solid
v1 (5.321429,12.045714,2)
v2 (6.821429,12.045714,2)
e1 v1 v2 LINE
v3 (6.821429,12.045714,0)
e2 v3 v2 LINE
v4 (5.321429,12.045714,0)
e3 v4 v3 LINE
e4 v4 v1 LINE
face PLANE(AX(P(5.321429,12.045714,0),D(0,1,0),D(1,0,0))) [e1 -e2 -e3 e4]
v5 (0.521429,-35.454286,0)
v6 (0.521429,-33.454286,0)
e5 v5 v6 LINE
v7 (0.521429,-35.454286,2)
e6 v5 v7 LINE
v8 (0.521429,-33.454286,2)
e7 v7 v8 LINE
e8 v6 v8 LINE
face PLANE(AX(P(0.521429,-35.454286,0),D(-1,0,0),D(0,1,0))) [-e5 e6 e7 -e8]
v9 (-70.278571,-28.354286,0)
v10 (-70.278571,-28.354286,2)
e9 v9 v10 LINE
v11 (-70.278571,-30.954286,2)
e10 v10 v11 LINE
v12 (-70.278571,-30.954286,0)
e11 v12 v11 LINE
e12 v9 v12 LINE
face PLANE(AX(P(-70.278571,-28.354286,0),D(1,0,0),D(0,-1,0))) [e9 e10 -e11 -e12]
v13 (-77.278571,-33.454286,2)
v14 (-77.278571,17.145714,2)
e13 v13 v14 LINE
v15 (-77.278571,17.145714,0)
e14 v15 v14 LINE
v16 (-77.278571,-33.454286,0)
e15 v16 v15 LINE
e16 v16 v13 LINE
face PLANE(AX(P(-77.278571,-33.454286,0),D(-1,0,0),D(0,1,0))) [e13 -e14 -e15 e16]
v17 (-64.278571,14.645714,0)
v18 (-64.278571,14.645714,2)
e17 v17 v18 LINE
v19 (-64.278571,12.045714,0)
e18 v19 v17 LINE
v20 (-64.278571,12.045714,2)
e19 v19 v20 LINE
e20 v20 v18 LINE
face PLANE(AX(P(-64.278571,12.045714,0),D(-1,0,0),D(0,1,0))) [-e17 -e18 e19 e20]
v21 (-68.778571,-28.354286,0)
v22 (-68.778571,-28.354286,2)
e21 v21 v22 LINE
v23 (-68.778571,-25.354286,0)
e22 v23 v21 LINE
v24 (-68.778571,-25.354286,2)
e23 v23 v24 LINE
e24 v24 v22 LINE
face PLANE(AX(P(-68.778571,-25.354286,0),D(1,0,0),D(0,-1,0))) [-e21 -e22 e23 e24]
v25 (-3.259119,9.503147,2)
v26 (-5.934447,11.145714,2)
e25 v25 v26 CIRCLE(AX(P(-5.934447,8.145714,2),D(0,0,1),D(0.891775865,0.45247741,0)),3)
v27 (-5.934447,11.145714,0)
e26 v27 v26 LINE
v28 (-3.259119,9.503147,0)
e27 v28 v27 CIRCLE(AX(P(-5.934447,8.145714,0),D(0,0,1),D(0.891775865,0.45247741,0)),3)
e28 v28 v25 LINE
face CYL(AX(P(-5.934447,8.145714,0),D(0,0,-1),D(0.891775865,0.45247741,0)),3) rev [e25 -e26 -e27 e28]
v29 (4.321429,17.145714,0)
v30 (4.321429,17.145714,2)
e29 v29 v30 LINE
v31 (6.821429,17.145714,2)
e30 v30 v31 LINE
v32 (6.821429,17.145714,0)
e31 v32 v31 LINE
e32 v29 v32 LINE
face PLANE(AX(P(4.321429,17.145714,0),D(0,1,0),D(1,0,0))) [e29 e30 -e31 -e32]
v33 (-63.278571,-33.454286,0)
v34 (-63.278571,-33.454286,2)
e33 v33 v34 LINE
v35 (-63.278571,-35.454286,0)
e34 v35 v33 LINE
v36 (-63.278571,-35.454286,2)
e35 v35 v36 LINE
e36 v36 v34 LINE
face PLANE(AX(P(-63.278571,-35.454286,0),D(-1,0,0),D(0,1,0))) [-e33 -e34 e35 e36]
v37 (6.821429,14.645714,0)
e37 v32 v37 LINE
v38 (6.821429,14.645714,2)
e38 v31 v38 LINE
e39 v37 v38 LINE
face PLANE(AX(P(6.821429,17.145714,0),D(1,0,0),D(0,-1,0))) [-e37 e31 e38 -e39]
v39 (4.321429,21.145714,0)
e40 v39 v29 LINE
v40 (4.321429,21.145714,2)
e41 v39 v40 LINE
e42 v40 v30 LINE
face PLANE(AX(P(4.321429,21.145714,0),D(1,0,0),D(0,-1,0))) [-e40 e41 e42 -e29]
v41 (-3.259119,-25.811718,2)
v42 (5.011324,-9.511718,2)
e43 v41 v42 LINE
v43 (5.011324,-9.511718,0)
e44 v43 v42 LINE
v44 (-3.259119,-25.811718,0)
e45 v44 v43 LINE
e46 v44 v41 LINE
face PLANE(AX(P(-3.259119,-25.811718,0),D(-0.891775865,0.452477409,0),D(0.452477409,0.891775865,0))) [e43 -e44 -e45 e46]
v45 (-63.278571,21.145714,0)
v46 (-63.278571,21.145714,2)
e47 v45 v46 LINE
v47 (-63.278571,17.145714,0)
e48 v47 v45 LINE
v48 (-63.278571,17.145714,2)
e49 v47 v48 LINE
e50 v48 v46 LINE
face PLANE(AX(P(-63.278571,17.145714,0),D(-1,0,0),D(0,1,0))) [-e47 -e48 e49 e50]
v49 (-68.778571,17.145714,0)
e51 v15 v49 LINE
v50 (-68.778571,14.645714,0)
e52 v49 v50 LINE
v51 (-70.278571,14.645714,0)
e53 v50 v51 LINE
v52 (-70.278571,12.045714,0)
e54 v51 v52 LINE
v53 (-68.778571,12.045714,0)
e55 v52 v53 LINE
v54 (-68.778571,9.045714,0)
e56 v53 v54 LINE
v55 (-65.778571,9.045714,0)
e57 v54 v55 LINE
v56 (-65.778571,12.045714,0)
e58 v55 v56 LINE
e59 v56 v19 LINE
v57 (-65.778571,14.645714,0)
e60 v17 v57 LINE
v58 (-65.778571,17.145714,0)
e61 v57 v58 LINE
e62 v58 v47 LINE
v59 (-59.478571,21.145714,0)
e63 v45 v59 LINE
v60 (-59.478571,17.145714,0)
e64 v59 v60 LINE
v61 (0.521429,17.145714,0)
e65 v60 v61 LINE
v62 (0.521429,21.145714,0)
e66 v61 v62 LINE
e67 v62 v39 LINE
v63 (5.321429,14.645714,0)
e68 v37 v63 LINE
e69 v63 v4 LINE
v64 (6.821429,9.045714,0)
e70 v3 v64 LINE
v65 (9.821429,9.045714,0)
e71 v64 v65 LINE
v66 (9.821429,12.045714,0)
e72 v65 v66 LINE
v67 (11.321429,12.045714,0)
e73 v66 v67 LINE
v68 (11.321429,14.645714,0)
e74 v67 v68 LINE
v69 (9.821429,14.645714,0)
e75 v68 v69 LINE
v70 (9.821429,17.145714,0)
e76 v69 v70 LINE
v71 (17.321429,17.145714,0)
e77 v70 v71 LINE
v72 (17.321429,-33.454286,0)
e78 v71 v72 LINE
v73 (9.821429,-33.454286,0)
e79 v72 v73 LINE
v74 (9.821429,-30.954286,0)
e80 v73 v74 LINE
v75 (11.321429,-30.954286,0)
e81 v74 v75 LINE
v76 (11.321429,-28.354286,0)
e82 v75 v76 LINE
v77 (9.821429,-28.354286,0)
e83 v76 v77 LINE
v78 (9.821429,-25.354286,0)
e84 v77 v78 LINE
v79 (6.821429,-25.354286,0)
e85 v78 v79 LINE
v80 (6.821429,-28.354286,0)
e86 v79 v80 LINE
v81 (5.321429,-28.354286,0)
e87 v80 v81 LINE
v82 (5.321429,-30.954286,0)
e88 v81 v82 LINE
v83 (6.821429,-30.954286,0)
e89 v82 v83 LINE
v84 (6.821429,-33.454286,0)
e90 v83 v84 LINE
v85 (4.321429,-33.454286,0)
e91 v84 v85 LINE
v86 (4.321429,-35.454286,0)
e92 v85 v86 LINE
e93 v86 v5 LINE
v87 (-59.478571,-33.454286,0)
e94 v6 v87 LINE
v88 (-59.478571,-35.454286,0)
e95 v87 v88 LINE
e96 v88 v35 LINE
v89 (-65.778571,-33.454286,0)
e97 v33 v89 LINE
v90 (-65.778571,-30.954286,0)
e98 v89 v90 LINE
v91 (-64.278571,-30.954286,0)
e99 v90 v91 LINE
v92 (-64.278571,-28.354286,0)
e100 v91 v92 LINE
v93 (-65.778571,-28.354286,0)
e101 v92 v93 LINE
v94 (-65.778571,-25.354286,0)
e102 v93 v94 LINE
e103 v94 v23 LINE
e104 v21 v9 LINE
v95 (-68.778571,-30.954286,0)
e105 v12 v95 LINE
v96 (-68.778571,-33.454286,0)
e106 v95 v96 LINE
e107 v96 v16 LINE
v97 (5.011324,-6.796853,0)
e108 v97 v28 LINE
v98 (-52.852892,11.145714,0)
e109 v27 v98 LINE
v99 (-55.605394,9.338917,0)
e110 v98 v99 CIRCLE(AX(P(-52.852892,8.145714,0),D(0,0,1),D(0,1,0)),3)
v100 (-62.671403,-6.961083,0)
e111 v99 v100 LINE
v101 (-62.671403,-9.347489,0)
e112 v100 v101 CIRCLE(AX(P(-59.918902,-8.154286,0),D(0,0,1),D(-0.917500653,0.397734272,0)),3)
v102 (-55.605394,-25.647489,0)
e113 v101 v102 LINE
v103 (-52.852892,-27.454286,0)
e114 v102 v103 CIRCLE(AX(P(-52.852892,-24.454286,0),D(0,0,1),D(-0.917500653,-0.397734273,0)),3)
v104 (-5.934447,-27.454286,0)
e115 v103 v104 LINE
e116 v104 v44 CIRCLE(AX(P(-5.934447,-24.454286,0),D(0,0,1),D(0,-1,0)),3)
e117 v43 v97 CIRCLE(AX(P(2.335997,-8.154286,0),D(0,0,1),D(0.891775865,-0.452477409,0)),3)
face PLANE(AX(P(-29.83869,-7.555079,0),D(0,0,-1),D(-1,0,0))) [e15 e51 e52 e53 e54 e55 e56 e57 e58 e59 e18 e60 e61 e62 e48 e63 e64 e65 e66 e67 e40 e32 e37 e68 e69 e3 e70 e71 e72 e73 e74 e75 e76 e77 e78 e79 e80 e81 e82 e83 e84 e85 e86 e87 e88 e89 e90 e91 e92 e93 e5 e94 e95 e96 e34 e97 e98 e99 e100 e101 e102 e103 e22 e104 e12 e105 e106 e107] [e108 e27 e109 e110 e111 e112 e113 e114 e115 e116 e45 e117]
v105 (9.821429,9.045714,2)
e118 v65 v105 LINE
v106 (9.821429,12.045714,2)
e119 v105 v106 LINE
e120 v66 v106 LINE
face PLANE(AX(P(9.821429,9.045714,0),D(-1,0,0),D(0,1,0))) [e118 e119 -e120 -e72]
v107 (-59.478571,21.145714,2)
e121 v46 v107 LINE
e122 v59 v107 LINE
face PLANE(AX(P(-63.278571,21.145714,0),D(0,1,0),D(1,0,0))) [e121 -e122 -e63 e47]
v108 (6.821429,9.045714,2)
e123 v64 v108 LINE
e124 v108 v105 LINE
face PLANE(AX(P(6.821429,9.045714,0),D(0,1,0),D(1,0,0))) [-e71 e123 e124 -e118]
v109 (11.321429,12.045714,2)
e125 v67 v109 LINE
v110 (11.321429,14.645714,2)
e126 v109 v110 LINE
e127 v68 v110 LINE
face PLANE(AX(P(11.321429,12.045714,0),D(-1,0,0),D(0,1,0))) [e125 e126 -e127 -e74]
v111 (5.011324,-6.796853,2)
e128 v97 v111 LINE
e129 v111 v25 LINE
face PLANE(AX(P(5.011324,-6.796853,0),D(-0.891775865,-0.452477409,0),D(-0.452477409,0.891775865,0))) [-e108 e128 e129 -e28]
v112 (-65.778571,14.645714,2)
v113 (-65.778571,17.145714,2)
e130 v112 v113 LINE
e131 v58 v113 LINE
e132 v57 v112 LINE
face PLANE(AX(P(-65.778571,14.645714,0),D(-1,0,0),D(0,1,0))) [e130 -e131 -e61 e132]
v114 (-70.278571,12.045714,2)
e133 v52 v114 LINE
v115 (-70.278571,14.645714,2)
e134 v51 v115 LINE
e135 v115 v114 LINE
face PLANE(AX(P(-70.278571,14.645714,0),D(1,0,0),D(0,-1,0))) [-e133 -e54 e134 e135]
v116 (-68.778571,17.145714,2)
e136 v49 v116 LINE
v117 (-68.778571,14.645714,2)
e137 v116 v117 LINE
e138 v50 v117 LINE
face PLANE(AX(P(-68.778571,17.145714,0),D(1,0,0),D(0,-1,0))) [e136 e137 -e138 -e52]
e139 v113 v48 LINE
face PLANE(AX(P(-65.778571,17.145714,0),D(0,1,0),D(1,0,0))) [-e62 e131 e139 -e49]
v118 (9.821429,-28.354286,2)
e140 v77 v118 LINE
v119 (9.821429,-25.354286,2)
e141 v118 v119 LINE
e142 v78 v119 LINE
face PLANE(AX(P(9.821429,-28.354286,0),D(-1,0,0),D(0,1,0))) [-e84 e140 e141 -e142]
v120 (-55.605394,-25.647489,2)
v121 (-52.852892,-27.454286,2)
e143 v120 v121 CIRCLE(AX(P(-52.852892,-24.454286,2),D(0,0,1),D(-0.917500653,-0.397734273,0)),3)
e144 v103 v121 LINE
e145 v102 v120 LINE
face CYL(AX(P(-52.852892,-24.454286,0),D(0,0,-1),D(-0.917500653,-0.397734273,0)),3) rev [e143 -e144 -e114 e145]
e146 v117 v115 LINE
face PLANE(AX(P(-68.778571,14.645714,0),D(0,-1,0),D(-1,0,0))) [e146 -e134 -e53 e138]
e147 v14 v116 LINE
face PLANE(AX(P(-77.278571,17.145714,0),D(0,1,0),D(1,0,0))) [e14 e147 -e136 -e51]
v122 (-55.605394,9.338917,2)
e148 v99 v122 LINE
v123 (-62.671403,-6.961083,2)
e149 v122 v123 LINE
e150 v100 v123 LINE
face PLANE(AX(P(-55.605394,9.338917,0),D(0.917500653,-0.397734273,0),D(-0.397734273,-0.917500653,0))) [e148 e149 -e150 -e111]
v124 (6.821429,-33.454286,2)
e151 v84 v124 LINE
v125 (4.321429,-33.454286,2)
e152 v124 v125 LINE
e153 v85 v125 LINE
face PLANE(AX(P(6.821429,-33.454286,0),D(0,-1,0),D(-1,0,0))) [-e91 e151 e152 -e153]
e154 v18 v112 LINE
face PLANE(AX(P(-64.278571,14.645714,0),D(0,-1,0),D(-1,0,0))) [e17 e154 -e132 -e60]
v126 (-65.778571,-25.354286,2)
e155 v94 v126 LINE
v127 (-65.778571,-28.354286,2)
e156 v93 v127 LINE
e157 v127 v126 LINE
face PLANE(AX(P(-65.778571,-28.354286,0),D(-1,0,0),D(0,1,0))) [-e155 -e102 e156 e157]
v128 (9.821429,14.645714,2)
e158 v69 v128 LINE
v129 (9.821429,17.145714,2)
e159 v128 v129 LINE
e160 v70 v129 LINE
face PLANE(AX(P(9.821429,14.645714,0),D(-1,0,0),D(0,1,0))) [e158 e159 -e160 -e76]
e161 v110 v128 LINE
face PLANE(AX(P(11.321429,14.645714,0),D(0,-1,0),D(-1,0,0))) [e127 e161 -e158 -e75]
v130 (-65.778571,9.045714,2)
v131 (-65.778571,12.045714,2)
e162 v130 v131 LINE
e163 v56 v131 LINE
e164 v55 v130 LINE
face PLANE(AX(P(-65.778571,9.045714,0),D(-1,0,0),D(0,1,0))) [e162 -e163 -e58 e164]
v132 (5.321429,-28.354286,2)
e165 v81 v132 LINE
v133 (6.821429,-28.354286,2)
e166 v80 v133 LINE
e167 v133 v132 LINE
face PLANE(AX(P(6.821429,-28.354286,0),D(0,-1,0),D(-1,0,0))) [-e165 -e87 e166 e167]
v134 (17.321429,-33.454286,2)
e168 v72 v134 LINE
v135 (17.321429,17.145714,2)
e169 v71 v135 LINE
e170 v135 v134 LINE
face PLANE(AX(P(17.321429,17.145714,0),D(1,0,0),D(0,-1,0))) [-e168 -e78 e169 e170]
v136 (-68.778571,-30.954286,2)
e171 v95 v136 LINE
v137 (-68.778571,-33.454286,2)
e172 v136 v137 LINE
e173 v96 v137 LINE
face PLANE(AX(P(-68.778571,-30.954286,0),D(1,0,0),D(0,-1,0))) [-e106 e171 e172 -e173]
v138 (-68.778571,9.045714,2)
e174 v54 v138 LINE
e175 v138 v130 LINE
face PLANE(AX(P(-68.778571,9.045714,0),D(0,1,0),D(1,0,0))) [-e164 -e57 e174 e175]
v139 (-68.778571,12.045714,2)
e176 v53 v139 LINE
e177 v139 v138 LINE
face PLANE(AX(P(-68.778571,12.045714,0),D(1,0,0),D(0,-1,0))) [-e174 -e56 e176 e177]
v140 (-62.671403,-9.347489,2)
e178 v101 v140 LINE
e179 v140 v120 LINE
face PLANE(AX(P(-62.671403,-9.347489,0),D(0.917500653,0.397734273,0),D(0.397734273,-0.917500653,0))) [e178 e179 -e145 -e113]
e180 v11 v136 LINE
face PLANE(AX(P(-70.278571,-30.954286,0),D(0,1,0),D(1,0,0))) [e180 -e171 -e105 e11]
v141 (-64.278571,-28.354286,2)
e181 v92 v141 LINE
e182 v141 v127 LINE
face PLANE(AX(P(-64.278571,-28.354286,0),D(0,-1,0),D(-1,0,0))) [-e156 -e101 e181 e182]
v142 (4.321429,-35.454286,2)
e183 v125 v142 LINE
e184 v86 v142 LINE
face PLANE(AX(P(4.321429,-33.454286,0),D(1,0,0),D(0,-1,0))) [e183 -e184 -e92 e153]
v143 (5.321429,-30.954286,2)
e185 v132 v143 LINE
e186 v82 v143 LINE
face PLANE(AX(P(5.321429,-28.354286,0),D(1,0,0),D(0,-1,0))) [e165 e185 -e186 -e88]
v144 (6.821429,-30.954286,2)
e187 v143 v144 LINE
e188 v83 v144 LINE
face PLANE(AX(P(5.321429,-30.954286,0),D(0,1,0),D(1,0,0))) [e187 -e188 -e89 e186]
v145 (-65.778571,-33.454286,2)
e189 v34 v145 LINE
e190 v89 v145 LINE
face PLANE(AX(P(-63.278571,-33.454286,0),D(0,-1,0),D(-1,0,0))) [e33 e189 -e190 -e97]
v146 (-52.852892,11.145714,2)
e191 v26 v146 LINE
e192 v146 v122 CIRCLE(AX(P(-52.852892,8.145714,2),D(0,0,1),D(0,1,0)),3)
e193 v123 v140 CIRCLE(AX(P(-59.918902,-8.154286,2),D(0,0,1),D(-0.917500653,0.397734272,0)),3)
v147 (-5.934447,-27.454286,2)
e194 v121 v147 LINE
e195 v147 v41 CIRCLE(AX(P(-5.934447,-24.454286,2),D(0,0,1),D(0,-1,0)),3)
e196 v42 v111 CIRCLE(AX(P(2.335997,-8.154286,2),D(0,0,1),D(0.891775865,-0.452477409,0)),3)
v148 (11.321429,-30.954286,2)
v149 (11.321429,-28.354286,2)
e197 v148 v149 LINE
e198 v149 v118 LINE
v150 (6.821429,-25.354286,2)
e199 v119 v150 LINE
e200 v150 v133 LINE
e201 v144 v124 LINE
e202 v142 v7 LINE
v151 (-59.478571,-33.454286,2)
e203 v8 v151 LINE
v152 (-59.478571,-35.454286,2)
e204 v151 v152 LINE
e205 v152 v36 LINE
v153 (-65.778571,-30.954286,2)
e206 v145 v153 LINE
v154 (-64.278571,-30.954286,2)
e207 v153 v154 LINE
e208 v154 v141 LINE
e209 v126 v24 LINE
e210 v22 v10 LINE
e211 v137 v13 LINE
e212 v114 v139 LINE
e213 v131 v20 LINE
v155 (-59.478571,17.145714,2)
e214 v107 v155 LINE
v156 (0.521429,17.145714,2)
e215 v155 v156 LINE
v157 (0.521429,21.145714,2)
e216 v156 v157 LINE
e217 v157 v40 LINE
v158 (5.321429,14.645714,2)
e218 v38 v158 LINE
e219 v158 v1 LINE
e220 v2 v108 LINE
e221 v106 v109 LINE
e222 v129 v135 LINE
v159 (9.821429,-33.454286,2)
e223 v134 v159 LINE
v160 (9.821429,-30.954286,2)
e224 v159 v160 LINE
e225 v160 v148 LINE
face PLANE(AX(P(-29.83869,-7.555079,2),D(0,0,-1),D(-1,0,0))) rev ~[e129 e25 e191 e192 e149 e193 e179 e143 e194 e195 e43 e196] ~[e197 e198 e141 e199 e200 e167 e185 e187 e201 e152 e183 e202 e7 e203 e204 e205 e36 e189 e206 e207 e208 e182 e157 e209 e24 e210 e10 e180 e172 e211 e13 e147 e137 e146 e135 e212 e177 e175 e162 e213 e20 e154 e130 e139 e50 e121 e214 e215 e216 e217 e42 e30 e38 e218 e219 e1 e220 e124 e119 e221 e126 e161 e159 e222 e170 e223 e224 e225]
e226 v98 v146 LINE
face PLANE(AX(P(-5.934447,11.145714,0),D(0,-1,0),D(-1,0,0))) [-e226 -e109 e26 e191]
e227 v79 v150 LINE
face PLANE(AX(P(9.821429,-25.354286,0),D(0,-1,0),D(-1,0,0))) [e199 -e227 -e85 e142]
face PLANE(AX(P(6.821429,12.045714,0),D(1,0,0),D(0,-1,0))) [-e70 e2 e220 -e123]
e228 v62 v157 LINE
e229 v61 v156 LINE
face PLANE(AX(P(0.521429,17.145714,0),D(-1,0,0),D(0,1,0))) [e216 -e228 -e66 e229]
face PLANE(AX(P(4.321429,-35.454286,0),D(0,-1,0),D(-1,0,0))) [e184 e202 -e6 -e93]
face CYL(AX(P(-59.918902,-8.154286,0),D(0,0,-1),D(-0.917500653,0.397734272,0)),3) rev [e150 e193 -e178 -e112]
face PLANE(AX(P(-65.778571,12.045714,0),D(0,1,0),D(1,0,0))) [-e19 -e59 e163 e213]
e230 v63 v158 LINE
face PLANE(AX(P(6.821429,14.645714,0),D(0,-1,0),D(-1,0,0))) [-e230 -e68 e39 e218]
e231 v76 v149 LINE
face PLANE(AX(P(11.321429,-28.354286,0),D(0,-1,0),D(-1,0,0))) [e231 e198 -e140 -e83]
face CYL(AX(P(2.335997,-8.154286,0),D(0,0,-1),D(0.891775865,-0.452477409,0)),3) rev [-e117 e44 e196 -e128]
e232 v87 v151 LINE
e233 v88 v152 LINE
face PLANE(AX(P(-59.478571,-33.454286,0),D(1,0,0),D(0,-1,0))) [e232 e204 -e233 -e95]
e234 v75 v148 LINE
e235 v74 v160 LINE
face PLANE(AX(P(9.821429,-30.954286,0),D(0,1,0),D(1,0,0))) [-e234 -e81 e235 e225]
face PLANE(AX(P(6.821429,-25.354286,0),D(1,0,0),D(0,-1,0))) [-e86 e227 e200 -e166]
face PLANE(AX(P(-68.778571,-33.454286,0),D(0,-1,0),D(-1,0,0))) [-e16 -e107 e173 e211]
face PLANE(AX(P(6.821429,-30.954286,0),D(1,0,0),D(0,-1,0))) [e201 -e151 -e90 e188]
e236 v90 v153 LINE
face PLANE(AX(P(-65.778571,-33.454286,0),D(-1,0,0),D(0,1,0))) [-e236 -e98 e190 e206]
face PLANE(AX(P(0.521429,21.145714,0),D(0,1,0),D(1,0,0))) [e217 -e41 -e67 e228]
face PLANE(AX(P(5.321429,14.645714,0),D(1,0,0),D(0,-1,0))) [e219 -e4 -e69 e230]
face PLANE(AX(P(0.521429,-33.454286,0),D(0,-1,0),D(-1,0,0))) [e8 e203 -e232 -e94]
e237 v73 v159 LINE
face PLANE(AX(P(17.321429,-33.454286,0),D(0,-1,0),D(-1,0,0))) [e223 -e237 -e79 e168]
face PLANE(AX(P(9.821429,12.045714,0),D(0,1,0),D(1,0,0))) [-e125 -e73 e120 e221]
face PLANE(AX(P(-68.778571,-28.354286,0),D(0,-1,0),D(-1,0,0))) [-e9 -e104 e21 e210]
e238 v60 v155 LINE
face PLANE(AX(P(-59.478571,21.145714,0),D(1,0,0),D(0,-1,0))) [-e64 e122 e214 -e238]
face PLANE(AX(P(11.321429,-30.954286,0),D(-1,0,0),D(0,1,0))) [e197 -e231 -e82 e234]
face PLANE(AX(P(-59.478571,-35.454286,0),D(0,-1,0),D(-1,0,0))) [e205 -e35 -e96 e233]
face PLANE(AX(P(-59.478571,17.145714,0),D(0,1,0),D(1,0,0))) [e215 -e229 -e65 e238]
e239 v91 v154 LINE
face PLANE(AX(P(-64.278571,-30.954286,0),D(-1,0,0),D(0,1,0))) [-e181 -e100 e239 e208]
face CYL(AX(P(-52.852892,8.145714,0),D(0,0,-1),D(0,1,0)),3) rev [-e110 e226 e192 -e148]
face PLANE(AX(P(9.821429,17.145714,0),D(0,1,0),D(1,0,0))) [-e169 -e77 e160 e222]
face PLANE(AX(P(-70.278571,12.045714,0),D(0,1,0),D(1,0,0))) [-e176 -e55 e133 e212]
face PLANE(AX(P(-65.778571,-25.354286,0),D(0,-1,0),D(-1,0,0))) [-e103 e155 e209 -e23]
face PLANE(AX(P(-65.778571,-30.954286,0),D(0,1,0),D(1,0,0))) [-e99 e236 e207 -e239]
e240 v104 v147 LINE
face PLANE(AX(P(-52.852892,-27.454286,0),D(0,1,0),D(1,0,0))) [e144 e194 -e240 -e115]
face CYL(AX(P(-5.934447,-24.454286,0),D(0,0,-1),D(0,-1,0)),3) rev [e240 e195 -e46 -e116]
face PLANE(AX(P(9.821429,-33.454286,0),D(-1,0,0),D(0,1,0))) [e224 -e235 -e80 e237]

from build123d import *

# Parameters (mm, degrees)
EXTRUDE_1_DEPTH = 2


with BuildPart() as part:
    # 草图1 → 凸台-拉伸1 (new body)
    with BuildSketch(Plane.XY):
        Polygon((-63.278571429, -35.454285714), (-63.278571429, -33.454285714), (-65.778571429, -33.454285714), (-65.778571429, -30.954285714), (-64.278571429, -30.954285714), (-64.278571429, -28.354285714), (-65.778571429, -28.354285714), (-65.778571429, -25.354285714), (-68.778571429, -25.354285714), (-68.778571429, -28.354285714), (-70.278571429, -28.354285714), (-70.278571429, -30.954285714), (-68.778571429, -30.954285714), (-68.778571429, -33.454285714), (-77.278571429, -33.454285714), (-77.278571429, 17.145714286), (-68.778571429, 17.145714286), (-68.778571429, 14.645714286), (-70.278571429, 14.645714286), (-70.278571429, 12.045714286), (-68.778571429, 12.045714286), (-68.778571429, 9.045714286), (-65.778571429, 9.045714286), (-65.778571429, 12.045714286), (-64.278571429, 12.045714286), (-64.278571429, 14.645714286), (-65.778571429, 14.645714286), (-65.778571429, 17.145714286), (-63.278571429, 17.145714286), (-63.278571429, 21.145714286), (-59.478571429, 21.145714286), (-59.478571429, 17.145714286), (0.521428571, 17.145714286), (0.521428571, 21.145714286), (4.321428571, 21.145714286), (4.321428571, 17.145714286), (6.821428571, 17.145714286), (6.821428571, 14.645714286), (5.321428571, 14.645714286), (5.321428571, 12.045714286), (6.821428571, 12.045714286), (6.821428571, 9.045714286), (9.821428571, 9.045714286), (9.821428571, 12.045714286), (11.321428571, 12.045714286), (11.321428571, 14.645714286), (9.821428571, 14.645714286), (9.821428571, 17.145714286), (17.321428571, 17.145714286), (17.321428571, -33.454285714), (9.821428571, -33.454285714), (9.821428571, -30.954285714), (11.321428571, -30.954285714), (11.321428571, -28.354285714), (9.821428571, -28.354285714), (9.821428571, -25.354285714), (6.821428571, -25.354285714), (6.821428571, -28.354285714), (5.321428571, -28.354285714), (5.321428571, -30.954285714), (6.821428571, -30.954285714), (6.821428571, -33.454285714), (4.321428571, -33.454285714), (4.321428571, -35.454285714), (0.521428571, -35.454285714), (0.521428571, -33.454285714), (-59.478571429, -33.454285714), (-59.478571429, -35.454285714), align=None)
        with BuildLine():
            Line((-5.934446775, 11.145714286), (-52.852891654, 11.145714286))
            ThreePointArc((-52.852891654, 11.145714286), (-54.499158877, 10.653662497), (-55.605393612, 9.338917105))
            Line((-55.605393612, 9.338917105), (-62.671403465, -6.961082895))
            ThreePointArc((-62.671403465, -6.961082895), (-62.918901506, -8.154285714), (-62.671403465, -9.347488534))
            Line((-62.671403465, -9.347488534), (-55.605393612, -25.647488534))
            ThreePointArc((-55.605393612, -25.647488534), (-54.499158877, -26.962233925), (-52.852891654, -27.454285714))
            Line((-52.852891654, -27.454285714), (-5.934446775, -27.454285714))
            ThreePointArc((-5.934446775, -27.454285714), (-4.364780678, -27.010874915), (-3.259119179, -25.811717943))
            Line((-3.259119179, -25.811717943), (5.011324171, -9.511717943))
            ThreePointArc((5.011324171, -9.511717943), (5.335996575, -8.154285714), (5.011324171, -6.796853486))
            Line((5.011324171, -6.796853486), (-3.259119179, 9.503146514))
            ThreePointArc((-3.259119179, 9.503146514), (-4.364780678, 10.702303487), (-5.934446775, 11.145714286))
        make_face(mode=Mode.SUBTRACT)
    extrude(amount=EXTRUDE_1_DEPTH)


solid = part.part
